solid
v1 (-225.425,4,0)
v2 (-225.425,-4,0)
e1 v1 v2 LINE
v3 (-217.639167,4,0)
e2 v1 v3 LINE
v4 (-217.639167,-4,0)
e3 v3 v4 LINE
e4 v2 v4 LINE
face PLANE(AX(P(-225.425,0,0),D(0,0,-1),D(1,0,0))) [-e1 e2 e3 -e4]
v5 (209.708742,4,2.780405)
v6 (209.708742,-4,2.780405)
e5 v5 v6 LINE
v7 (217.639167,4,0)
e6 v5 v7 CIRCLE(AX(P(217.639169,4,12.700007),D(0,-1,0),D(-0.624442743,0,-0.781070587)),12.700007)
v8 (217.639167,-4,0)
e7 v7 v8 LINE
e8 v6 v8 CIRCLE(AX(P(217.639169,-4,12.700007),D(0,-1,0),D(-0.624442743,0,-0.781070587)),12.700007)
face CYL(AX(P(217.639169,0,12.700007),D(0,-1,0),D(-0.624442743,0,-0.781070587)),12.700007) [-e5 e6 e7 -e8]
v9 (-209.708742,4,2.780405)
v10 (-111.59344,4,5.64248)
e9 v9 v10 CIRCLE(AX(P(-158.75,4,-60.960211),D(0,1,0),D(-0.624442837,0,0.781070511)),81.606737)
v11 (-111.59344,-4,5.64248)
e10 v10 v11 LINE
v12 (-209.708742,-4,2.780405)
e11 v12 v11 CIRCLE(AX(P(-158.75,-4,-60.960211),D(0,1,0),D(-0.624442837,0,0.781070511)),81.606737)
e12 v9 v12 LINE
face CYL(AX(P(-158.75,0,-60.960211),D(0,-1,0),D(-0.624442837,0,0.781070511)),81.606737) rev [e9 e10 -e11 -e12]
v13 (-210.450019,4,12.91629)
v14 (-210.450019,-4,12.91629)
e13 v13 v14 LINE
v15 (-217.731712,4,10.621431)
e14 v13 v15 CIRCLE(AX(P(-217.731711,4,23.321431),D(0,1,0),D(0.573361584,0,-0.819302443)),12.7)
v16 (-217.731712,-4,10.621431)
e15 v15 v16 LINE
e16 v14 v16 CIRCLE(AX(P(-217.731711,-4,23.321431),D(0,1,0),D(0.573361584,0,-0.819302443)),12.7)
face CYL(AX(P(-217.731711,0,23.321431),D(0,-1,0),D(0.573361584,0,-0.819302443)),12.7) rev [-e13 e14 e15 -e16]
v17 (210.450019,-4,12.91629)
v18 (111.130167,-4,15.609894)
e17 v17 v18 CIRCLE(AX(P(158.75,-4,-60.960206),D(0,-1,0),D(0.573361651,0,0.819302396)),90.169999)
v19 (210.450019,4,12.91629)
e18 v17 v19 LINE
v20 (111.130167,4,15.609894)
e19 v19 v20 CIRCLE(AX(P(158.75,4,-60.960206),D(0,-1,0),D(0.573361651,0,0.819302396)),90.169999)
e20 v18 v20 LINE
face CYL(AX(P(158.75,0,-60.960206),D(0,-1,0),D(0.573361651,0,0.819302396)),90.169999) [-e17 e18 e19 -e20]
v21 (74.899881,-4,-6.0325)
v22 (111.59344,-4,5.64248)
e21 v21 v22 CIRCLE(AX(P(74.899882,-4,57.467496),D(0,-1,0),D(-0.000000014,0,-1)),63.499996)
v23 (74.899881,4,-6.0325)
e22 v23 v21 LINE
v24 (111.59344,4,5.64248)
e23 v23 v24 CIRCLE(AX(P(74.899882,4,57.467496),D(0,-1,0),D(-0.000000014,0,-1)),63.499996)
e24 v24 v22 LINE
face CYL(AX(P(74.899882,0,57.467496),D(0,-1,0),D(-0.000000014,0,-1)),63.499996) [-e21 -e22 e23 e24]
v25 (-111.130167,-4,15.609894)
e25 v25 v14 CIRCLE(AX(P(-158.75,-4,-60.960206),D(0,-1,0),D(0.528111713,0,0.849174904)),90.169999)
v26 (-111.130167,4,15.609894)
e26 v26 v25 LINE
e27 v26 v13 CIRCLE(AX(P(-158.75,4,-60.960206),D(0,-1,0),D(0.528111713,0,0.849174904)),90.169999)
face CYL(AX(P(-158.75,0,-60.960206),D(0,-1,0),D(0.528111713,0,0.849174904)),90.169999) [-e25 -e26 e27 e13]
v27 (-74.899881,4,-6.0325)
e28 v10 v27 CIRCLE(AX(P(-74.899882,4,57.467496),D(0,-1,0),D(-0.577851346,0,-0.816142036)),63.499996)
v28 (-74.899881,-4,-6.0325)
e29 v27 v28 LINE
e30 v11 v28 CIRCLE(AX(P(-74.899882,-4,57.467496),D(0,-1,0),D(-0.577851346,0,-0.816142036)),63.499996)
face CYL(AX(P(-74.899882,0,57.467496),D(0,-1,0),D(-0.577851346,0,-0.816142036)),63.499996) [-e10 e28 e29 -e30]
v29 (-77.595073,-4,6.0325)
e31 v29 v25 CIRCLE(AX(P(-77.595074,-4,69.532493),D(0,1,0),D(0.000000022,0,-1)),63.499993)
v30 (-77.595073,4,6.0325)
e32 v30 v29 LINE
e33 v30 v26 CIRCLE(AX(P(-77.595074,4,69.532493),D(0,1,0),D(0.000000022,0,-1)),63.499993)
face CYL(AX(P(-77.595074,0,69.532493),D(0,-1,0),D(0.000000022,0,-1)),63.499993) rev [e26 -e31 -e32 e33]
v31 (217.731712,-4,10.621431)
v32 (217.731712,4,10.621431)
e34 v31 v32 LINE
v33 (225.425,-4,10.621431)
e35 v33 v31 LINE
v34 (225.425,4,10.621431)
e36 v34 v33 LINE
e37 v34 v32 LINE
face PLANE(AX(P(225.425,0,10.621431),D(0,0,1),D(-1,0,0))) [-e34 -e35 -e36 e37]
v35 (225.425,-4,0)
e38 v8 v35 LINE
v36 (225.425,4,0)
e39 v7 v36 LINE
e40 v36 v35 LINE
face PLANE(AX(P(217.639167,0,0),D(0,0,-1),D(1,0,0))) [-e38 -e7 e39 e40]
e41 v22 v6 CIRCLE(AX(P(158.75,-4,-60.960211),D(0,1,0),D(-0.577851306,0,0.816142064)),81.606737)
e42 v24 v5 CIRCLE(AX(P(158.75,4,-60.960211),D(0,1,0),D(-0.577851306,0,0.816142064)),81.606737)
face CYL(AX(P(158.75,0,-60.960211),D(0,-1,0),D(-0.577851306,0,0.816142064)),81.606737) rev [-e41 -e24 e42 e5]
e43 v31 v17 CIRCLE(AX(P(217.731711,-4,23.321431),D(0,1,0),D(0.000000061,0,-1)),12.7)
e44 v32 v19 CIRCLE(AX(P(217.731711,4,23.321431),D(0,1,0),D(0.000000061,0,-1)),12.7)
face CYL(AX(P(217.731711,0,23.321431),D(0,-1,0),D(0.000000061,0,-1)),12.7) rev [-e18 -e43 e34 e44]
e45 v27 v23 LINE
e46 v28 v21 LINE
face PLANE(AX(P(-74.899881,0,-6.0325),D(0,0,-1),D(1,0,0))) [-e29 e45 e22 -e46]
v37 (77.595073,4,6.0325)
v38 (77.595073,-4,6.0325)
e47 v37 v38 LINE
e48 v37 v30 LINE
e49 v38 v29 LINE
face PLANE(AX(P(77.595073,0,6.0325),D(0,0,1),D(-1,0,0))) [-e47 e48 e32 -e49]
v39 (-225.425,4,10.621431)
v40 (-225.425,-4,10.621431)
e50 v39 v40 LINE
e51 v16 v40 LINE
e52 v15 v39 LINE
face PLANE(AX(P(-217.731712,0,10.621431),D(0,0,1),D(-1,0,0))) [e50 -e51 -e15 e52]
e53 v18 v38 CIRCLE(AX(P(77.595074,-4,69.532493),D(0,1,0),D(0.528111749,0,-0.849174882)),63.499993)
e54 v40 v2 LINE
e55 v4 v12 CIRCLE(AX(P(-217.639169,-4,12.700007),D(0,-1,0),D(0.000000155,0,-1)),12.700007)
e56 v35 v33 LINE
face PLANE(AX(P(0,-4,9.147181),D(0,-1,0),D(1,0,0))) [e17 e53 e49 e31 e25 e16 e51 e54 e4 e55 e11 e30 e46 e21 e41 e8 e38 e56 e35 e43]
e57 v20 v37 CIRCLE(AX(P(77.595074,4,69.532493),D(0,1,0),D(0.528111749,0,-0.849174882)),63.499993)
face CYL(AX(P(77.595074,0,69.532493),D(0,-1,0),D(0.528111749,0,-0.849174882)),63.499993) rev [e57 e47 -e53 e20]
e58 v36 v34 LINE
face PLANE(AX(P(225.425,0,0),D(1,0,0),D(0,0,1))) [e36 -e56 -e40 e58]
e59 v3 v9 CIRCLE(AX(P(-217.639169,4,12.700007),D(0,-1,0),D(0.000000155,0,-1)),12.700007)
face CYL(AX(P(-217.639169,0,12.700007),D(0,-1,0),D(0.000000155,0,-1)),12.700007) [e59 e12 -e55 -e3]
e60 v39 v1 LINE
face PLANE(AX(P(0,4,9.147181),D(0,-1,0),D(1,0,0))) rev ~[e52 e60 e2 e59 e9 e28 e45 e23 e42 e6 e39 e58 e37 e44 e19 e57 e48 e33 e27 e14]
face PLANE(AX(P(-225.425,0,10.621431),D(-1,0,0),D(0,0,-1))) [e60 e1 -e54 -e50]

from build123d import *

# Parameters (mm, degrees)
F1_DEPTH = 4


with BuildPart() as f1:
    # F0 (on Front) → F1 (new body, symmetric)
    with BuildSketch(Plane.XZ):
        with BuildLine():
            ThreePointArc((111.130167, 15.609894), (95.033027, 8.473776), (77.595073, 6.0325))
            Line((77.595073, 6.0325), (-77.595073, 6.0325))
            ThreePointArc((-77.595073, 6.0325), (-95.033027, 8.473776), (-111.130167, 15.609894))
            ThreePointArc((-111.130167, 15.609894), (-161.194556, 29.17665), (-210.450019, 12.91629))
            ThreePointArc((-210.450019, 12.91629), (-213.914336, 11.208725), (-217.731712, 10.621431))
            Line((-217.731712, 10.621431), (-225.425, 10.621431))
            Line((-225.425, 10.621431), (-225.425, 0))
            Line((-225.425, 0), (-225.191568, 0))
            Line((-225.191568, 0), (-217.639167, 0))
            ThreePointArc((-217.639167, 0), (-213.437314, 0.715242), (-209.708742, 2.780405))
            ThreePointArc((-209.708742, 2.780405), (-161.129499, 20.611828), (-111.59344, 5.64248))
            ThreePointArc((-111.59344, 5.64248), (-94.152949, -3.043403), (-74.899881, -6.0325))
            Line((-74.899881, -6.0325), (74.899881, -6.0325))
            ThreePointArc((74.899881, -6.0325), (94.152949, -3.043403), (111.59344, 5.64248))
            ThreePointArc((111.59344, 5.64248), (161.129499, 20.611828), (209.708742, 2.780405))
            ThreePointArc((209.708742, 2.780405), (213.437314, 0.715242), (217.639167, 0))
            Line((217.639167, 0), (225.191568, 0))
            Line((225.191568, 0), (225.425, 0))
            Line((225.425, 0), (225.425, 10.621431))
            Line((225.425, 10.621431), (217.731712, 10.621431))
            ThreePointArc((217.731712, 10.621431), (213.914336, 11.208725), (210.450019, 12.91629))
            ThreePointArc((210.450019, 12.91629), (161.194556, 29.17665), (111.130167, 15.609894))
        make_face()
    extrude(amount=F1_DEPTH, both=True)


solid = f1.part
